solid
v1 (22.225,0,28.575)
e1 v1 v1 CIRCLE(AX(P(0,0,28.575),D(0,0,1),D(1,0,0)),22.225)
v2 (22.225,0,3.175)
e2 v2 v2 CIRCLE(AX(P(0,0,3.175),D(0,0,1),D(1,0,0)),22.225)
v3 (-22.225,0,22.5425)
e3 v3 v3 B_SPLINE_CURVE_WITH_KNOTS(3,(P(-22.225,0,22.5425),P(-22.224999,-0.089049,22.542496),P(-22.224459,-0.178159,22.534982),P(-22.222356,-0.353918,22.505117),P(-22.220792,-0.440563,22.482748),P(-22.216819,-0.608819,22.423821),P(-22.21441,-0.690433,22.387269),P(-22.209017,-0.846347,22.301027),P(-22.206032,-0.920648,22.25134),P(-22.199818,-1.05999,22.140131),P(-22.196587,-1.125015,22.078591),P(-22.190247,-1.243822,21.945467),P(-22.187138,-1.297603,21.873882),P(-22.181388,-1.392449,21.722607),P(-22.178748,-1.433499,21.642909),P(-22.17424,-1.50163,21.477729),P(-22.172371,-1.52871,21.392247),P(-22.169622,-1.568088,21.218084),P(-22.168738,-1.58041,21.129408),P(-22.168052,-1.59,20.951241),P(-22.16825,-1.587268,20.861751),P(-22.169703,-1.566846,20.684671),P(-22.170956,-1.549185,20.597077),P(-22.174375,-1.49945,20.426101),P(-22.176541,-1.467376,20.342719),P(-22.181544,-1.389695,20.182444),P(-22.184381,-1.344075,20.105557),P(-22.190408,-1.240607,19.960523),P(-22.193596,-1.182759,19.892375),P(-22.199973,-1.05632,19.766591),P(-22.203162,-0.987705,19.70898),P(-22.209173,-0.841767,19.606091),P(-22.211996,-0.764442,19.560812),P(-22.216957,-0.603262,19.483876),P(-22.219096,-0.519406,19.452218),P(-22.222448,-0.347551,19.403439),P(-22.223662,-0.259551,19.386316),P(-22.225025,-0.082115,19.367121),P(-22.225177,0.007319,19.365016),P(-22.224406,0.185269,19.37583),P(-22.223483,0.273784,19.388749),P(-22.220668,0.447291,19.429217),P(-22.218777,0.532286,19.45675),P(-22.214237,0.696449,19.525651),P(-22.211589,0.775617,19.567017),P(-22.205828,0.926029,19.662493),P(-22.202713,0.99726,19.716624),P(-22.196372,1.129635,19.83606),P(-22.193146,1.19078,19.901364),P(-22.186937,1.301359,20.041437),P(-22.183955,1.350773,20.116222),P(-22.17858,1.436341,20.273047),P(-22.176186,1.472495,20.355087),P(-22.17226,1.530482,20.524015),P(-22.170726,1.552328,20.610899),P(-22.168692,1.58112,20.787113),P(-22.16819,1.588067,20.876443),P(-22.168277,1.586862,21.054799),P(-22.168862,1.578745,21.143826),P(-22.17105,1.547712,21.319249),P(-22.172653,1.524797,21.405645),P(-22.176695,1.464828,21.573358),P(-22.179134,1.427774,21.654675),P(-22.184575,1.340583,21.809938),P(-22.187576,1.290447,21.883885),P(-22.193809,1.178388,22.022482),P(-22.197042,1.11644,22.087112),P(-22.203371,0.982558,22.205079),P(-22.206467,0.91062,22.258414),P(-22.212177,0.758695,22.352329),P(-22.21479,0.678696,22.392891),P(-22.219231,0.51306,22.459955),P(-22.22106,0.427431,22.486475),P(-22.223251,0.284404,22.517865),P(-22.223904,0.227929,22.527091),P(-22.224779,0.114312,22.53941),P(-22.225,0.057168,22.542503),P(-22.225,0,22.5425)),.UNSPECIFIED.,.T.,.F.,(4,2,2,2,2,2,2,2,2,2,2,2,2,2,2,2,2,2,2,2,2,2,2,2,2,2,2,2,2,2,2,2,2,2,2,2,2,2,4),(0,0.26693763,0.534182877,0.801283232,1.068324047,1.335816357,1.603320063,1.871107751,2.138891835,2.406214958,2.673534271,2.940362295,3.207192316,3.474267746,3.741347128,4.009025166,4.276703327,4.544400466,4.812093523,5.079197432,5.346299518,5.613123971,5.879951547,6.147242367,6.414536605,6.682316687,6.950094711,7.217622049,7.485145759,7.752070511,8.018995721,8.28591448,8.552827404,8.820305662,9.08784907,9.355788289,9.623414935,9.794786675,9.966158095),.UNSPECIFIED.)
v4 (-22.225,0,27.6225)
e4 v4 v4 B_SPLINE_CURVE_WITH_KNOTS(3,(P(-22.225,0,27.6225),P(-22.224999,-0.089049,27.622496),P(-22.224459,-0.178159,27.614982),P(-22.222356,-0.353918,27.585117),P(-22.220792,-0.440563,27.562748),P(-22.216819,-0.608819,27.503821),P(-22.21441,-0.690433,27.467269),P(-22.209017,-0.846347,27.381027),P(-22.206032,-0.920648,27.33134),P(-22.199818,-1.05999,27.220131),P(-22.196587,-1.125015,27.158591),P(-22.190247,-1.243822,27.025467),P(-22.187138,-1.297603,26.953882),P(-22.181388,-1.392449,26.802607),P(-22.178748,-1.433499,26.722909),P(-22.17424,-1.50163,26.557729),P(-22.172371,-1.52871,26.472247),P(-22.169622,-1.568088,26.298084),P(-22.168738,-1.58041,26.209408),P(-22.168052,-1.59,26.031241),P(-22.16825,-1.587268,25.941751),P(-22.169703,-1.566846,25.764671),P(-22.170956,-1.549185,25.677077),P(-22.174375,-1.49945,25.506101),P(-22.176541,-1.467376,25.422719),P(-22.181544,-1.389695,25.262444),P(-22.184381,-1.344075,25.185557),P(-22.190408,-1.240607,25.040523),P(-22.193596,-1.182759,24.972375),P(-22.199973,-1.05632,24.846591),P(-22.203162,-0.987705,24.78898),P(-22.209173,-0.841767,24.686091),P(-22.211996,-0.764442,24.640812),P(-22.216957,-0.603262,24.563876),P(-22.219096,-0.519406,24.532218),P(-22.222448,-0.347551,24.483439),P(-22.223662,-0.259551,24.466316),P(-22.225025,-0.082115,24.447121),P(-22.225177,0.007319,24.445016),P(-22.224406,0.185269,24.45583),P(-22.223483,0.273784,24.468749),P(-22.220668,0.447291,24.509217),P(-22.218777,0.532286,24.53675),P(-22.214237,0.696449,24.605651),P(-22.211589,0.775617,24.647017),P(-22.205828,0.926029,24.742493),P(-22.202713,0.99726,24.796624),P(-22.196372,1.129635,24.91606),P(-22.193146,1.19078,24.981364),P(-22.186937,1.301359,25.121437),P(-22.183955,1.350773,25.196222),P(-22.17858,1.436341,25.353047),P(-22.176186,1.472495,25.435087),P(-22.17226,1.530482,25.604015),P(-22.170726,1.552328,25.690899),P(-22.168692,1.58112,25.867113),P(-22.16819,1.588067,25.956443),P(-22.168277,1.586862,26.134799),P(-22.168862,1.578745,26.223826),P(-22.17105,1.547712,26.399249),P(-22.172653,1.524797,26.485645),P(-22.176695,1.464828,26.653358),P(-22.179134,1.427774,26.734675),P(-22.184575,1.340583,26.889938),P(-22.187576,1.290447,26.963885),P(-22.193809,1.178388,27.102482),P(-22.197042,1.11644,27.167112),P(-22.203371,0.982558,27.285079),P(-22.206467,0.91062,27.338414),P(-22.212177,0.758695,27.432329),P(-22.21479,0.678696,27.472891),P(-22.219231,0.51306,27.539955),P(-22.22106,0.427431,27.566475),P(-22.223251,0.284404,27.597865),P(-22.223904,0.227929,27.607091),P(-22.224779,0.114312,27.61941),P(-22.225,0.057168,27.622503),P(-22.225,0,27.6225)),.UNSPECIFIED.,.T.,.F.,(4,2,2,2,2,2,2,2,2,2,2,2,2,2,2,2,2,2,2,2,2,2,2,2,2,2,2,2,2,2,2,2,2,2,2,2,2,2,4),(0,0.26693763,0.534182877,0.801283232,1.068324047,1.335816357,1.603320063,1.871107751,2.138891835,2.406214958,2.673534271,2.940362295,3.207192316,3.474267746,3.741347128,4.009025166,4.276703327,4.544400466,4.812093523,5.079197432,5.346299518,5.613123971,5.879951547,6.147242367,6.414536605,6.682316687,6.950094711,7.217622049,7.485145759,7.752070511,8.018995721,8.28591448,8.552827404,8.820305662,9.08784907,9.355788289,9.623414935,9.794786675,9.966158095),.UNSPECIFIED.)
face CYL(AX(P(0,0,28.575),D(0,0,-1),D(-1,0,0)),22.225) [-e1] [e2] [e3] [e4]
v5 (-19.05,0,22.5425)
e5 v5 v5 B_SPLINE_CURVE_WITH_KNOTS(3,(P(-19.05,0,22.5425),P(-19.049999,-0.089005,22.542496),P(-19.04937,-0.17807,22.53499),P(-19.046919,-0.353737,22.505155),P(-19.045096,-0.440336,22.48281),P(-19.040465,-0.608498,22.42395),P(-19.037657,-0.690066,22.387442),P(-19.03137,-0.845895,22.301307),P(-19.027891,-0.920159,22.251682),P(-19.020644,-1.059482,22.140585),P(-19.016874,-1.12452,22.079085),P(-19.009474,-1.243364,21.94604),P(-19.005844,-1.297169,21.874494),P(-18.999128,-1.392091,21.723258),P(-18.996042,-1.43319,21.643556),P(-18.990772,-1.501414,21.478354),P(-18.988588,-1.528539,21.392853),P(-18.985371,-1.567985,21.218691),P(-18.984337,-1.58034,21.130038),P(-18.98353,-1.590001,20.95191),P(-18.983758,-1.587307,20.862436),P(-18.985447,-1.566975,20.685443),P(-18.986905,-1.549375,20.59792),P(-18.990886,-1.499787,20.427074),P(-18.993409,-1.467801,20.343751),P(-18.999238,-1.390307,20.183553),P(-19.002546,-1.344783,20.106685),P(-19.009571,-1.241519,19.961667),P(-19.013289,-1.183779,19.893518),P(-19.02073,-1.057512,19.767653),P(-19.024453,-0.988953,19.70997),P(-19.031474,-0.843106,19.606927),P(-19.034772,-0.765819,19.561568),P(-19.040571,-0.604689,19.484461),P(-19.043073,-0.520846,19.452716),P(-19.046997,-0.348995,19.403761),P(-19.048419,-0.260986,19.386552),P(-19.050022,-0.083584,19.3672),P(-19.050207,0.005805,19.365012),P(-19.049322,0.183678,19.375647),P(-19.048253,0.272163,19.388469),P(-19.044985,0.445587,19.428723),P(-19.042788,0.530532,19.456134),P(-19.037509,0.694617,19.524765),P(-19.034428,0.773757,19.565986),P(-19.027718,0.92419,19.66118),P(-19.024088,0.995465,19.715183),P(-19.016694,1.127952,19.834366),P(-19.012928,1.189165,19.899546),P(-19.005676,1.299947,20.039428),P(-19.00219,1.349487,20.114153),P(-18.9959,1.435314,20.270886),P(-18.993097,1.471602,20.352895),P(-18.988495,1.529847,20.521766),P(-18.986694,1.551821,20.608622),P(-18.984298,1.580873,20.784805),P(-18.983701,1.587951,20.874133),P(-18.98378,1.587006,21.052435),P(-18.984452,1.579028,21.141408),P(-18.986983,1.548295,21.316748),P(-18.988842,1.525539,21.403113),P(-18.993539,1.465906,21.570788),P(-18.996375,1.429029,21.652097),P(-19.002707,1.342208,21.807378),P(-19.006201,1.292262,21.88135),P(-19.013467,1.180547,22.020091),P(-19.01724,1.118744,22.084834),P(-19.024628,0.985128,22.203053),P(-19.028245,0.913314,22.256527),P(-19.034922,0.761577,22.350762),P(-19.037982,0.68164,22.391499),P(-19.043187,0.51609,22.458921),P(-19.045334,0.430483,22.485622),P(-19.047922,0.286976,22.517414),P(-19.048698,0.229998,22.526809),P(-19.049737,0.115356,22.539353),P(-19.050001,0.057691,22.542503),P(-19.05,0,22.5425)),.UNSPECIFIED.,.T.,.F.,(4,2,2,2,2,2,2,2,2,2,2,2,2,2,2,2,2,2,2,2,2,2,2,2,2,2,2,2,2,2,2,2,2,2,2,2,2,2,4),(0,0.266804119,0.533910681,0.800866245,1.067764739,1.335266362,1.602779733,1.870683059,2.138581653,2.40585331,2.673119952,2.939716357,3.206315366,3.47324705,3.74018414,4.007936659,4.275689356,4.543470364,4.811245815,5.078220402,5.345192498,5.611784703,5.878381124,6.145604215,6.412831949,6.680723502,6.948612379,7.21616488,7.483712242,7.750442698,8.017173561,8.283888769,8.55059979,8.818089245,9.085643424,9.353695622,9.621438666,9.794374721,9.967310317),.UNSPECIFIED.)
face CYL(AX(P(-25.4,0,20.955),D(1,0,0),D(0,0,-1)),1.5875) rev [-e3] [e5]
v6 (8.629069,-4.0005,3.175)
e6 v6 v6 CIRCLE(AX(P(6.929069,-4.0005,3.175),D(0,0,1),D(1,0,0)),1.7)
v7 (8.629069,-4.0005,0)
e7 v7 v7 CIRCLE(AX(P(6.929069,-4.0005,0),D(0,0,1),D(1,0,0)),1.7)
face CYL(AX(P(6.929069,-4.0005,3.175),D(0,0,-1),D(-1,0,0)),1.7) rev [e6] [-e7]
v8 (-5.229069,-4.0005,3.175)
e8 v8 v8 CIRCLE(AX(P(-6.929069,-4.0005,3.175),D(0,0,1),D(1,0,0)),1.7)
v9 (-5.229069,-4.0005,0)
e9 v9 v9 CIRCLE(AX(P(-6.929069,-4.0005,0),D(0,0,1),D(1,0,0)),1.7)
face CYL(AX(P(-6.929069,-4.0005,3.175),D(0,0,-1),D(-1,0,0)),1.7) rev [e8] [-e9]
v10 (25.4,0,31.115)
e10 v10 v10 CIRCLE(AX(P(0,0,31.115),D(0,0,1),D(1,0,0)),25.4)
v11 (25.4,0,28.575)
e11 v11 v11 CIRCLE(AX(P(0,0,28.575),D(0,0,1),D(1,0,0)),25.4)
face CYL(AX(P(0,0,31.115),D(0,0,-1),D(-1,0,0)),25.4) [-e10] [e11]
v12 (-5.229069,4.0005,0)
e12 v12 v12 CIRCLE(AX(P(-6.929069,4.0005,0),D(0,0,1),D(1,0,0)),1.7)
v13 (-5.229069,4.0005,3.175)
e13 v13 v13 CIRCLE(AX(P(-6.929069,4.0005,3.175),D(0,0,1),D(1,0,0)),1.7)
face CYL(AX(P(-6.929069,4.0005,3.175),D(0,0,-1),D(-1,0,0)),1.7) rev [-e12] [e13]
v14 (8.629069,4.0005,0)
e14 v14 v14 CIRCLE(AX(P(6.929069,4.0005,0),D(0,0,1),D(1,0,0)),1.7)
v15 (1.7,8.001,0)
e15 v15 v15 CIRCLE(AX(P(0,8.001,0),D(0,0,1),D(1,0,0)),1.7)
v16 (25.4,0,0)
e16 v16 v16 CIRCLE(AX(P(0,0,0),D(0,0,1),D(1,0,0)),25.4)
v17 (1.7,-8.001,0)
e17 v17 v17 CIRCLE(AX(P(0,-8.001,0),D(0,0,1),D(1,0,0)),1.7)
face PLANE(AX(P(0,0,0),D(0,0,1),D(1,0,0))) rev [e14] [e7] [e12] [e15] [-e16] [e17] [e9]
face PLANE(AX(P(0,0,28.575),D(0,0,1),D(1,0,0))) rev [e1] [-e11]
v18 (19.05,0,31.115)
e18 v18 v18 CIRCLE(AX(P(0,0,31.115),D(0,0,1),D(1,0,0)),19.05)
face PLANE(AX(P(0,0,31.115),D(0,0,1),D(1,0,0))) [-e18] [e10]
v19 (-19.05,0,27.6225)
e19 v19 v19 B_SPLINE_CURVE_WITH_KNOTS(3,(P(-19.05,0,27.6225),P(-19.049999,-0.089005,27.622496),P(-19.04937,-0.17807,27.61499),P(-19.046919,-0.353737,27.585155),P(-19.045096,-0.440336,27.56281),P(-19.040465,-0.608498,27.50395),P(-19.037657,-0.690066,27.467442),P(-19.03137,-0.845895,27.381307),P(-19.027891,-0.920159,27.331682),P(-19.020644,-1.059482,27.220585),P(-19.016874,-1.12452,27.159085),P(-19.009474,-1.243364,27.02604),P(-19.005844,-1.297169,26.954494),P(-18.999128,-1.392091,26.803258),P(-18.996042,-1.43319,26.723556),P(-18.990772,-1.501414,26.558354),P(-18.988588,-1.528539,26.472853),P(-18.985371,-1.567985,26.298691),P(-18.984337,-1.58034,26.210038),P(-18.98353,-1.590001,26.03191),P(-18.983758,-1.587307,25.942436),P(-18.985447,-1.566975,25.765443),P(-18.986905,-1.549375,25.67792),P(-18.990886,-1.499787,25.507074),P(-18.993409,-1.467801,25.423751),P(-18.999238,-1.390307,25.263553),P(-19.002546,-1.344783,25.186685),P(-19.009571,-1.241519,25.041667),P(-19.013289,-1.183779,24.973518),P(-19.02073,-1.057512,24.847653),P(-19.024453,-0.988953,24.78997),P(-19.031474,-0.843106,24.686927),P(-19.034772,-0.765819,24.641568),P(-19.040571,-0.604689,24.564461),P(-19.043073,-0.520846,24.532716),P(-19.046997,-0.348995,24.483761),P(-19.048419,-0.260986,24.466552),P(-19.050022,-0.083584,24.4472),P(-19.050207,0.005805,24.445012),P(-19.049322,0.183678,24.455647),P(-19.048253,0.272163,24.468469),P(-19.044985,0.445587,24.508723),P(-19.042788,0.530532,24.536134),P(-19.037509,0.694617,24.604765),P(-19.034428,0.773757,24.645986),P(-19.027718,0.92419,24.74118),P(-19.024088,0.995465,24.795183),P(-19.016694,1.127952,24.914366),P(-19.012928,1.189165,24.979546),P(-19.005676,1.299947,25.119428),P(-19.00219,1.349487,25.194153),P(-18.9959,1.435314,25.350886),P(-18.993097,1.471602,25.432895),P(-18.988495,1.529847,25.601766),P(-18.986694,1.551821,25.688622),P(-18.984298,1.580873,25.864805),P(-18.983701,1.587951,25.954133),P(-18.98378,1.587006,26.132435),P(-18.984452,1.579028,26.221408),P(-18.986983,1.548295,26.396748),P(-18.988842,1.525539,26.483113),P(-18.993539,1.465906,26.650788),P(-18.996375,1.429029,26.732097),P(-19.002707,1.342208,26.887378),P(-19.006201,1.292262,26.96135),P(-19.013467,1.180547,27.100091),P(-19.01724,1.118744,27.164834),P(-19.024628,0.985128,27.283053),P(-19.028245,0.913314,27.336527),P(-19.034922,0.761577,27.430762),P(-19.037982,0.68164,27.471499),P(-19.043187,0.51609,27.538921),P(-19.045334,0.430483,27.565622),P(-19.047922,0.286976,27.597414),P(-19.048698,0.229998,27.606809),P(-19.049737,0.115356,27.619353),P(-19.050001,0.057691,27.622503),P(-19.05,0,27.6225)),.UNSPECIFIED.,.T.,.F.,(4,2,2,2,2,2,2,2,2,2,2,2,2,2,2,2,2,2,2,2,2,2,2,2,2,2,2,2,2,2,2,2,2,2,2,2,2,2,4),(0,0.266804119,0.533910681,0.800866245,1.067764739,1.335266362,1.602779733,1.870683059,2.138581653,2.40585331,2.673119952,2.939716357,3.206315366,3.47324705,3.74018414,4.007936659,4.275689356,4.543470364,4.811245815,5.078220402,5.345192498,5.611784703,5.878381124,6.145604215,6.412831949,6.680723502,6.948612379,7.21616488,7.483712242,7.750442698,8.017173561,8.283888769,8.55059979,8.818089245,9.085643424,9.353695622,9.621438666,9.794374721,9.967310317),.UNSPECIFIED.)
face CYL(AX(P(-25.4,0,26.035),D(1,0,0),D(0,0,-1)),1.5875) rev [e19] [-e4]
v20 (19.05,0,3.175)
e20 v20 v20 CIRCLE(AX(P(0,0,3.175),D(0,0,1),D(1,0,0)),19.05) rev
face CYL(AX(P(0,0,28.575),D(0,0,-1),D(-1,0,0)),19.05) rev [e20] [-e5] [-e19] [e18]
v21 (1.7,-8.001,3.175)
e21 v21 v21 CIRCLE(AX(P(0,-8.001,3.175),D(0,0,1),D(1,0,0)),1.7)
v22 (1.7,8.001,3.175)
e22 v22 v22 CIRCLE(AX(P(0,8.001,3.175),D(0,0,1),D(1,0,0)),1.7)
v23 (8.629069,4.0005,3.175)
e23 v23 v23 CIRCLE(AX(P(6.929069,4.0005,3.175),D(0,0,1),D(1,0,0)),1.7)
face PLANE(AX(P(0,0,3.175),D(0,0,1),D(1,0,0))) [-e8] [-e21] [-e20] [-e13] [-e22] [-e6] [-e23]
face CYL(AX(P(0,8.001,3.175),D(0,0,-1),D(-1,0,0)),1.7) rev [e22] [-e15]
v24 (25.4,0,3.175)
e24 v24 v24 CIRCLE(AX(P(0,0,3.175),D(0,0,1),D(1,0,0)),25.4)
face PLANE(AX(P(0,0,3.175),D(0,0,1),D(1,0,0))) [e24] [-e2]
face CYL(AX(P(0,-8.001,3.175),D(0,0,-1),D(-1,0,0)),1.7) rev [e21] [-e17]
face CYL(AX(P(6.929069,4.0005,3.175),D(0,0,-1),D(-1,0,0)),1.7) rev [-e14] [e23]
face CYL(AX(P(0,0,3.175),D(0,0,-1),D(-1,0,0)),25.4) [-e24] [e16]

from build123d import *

# Parameters (mm, degrees)
SKETCH1_R           = 25.4
SKETCH1_R_2         = 1.7
BOSS_EXTRUDE1_DEPTH = 3.175
SKETCH4_R           = 22.225
SKETCH4_R_2         = 19.05
BOSS_EXTRUDE2_DEPTH = 25.4
SKETCH5_R           = 25.4
SKETCH5_R_2         = 19.05
BOSS_EXTRUDE3_DEPTH = 2.54
SKETCH6_R           = 1.5875
CUT_EXTRUDE1_DEPTH  = 26.4


with BuildPart() as part:
    # Sketch1 → Boss-Extrude1 (new body)
    with BuildSketch(Plane.XY):
        Circle(SKETCH1_R)
        with Locations((0, -8.001)):
            Circle(SKETCH1_R_2, mode=Mode.SUBTRACT)
        with Locations((0, 8.001)):
            Circle(SKETCH1_R_2, mode=Mode.SUBTRACT)
        with Locations((-6.929069256, 4.0005)):
            Circle(SKETCH1_R_2, mode=Mode.SUBTRACT)
        with Locations((-6.929069256, -4.0005)):
            Circle(SKETCH1_R_2, mode=Mode.SUBTRACT)
        with Locations((6.929069256, -4.0005)):
            Circle(SKETCH1_R_2, mode=Mode.SUBTRACT)
        with Locations((6.929069256, 4.0005)):
            Circle(SKETCH1_R_2, mode=Mode.SUBTRACT)
    extrude(amount=BOSS_EXTRUDE1_DEPTH)

    # Sketch4 → Boss-Extrude2 (add)
    with BuildSketch(Plane.XY.offset(3.175)):
        Circle(SKETCH4_R)
        Circle(SKETCH4_R_2, mode=Mode.SUBTRACT)
    extrude(amount=BOSS_EXTRUDE2_DEPTH)

    # Sketch5 → Boss-Extrude3 (add)
    with BuildSketch(Plane.XY.offset(28.575)):
        Circle(SKETCH5_R)
        Circle(SKETCH5_R_2, mode=Mode.SUBTRACT)
    extrude(amount=BOSS_EXTRUDE3_DEPTH)

    # Sketch6 → Cut-Extrude1 (cut, through all)
    with BuildSketch(Plane(origin=(0, 0, 0), x_dir=(0, 0, -1), z_dir=(1, 0, 0))):
        with Locations((-26.035, 0)):
            Circle(SKETCH6_R)
        with Locations((-20.955, 0)):
            Circle(SKETCH6_R)
    extrude(amount=-CUT_EXTRUDE1_DEPTH, mode=Mode.SUBTRACT)


solid = part.part
